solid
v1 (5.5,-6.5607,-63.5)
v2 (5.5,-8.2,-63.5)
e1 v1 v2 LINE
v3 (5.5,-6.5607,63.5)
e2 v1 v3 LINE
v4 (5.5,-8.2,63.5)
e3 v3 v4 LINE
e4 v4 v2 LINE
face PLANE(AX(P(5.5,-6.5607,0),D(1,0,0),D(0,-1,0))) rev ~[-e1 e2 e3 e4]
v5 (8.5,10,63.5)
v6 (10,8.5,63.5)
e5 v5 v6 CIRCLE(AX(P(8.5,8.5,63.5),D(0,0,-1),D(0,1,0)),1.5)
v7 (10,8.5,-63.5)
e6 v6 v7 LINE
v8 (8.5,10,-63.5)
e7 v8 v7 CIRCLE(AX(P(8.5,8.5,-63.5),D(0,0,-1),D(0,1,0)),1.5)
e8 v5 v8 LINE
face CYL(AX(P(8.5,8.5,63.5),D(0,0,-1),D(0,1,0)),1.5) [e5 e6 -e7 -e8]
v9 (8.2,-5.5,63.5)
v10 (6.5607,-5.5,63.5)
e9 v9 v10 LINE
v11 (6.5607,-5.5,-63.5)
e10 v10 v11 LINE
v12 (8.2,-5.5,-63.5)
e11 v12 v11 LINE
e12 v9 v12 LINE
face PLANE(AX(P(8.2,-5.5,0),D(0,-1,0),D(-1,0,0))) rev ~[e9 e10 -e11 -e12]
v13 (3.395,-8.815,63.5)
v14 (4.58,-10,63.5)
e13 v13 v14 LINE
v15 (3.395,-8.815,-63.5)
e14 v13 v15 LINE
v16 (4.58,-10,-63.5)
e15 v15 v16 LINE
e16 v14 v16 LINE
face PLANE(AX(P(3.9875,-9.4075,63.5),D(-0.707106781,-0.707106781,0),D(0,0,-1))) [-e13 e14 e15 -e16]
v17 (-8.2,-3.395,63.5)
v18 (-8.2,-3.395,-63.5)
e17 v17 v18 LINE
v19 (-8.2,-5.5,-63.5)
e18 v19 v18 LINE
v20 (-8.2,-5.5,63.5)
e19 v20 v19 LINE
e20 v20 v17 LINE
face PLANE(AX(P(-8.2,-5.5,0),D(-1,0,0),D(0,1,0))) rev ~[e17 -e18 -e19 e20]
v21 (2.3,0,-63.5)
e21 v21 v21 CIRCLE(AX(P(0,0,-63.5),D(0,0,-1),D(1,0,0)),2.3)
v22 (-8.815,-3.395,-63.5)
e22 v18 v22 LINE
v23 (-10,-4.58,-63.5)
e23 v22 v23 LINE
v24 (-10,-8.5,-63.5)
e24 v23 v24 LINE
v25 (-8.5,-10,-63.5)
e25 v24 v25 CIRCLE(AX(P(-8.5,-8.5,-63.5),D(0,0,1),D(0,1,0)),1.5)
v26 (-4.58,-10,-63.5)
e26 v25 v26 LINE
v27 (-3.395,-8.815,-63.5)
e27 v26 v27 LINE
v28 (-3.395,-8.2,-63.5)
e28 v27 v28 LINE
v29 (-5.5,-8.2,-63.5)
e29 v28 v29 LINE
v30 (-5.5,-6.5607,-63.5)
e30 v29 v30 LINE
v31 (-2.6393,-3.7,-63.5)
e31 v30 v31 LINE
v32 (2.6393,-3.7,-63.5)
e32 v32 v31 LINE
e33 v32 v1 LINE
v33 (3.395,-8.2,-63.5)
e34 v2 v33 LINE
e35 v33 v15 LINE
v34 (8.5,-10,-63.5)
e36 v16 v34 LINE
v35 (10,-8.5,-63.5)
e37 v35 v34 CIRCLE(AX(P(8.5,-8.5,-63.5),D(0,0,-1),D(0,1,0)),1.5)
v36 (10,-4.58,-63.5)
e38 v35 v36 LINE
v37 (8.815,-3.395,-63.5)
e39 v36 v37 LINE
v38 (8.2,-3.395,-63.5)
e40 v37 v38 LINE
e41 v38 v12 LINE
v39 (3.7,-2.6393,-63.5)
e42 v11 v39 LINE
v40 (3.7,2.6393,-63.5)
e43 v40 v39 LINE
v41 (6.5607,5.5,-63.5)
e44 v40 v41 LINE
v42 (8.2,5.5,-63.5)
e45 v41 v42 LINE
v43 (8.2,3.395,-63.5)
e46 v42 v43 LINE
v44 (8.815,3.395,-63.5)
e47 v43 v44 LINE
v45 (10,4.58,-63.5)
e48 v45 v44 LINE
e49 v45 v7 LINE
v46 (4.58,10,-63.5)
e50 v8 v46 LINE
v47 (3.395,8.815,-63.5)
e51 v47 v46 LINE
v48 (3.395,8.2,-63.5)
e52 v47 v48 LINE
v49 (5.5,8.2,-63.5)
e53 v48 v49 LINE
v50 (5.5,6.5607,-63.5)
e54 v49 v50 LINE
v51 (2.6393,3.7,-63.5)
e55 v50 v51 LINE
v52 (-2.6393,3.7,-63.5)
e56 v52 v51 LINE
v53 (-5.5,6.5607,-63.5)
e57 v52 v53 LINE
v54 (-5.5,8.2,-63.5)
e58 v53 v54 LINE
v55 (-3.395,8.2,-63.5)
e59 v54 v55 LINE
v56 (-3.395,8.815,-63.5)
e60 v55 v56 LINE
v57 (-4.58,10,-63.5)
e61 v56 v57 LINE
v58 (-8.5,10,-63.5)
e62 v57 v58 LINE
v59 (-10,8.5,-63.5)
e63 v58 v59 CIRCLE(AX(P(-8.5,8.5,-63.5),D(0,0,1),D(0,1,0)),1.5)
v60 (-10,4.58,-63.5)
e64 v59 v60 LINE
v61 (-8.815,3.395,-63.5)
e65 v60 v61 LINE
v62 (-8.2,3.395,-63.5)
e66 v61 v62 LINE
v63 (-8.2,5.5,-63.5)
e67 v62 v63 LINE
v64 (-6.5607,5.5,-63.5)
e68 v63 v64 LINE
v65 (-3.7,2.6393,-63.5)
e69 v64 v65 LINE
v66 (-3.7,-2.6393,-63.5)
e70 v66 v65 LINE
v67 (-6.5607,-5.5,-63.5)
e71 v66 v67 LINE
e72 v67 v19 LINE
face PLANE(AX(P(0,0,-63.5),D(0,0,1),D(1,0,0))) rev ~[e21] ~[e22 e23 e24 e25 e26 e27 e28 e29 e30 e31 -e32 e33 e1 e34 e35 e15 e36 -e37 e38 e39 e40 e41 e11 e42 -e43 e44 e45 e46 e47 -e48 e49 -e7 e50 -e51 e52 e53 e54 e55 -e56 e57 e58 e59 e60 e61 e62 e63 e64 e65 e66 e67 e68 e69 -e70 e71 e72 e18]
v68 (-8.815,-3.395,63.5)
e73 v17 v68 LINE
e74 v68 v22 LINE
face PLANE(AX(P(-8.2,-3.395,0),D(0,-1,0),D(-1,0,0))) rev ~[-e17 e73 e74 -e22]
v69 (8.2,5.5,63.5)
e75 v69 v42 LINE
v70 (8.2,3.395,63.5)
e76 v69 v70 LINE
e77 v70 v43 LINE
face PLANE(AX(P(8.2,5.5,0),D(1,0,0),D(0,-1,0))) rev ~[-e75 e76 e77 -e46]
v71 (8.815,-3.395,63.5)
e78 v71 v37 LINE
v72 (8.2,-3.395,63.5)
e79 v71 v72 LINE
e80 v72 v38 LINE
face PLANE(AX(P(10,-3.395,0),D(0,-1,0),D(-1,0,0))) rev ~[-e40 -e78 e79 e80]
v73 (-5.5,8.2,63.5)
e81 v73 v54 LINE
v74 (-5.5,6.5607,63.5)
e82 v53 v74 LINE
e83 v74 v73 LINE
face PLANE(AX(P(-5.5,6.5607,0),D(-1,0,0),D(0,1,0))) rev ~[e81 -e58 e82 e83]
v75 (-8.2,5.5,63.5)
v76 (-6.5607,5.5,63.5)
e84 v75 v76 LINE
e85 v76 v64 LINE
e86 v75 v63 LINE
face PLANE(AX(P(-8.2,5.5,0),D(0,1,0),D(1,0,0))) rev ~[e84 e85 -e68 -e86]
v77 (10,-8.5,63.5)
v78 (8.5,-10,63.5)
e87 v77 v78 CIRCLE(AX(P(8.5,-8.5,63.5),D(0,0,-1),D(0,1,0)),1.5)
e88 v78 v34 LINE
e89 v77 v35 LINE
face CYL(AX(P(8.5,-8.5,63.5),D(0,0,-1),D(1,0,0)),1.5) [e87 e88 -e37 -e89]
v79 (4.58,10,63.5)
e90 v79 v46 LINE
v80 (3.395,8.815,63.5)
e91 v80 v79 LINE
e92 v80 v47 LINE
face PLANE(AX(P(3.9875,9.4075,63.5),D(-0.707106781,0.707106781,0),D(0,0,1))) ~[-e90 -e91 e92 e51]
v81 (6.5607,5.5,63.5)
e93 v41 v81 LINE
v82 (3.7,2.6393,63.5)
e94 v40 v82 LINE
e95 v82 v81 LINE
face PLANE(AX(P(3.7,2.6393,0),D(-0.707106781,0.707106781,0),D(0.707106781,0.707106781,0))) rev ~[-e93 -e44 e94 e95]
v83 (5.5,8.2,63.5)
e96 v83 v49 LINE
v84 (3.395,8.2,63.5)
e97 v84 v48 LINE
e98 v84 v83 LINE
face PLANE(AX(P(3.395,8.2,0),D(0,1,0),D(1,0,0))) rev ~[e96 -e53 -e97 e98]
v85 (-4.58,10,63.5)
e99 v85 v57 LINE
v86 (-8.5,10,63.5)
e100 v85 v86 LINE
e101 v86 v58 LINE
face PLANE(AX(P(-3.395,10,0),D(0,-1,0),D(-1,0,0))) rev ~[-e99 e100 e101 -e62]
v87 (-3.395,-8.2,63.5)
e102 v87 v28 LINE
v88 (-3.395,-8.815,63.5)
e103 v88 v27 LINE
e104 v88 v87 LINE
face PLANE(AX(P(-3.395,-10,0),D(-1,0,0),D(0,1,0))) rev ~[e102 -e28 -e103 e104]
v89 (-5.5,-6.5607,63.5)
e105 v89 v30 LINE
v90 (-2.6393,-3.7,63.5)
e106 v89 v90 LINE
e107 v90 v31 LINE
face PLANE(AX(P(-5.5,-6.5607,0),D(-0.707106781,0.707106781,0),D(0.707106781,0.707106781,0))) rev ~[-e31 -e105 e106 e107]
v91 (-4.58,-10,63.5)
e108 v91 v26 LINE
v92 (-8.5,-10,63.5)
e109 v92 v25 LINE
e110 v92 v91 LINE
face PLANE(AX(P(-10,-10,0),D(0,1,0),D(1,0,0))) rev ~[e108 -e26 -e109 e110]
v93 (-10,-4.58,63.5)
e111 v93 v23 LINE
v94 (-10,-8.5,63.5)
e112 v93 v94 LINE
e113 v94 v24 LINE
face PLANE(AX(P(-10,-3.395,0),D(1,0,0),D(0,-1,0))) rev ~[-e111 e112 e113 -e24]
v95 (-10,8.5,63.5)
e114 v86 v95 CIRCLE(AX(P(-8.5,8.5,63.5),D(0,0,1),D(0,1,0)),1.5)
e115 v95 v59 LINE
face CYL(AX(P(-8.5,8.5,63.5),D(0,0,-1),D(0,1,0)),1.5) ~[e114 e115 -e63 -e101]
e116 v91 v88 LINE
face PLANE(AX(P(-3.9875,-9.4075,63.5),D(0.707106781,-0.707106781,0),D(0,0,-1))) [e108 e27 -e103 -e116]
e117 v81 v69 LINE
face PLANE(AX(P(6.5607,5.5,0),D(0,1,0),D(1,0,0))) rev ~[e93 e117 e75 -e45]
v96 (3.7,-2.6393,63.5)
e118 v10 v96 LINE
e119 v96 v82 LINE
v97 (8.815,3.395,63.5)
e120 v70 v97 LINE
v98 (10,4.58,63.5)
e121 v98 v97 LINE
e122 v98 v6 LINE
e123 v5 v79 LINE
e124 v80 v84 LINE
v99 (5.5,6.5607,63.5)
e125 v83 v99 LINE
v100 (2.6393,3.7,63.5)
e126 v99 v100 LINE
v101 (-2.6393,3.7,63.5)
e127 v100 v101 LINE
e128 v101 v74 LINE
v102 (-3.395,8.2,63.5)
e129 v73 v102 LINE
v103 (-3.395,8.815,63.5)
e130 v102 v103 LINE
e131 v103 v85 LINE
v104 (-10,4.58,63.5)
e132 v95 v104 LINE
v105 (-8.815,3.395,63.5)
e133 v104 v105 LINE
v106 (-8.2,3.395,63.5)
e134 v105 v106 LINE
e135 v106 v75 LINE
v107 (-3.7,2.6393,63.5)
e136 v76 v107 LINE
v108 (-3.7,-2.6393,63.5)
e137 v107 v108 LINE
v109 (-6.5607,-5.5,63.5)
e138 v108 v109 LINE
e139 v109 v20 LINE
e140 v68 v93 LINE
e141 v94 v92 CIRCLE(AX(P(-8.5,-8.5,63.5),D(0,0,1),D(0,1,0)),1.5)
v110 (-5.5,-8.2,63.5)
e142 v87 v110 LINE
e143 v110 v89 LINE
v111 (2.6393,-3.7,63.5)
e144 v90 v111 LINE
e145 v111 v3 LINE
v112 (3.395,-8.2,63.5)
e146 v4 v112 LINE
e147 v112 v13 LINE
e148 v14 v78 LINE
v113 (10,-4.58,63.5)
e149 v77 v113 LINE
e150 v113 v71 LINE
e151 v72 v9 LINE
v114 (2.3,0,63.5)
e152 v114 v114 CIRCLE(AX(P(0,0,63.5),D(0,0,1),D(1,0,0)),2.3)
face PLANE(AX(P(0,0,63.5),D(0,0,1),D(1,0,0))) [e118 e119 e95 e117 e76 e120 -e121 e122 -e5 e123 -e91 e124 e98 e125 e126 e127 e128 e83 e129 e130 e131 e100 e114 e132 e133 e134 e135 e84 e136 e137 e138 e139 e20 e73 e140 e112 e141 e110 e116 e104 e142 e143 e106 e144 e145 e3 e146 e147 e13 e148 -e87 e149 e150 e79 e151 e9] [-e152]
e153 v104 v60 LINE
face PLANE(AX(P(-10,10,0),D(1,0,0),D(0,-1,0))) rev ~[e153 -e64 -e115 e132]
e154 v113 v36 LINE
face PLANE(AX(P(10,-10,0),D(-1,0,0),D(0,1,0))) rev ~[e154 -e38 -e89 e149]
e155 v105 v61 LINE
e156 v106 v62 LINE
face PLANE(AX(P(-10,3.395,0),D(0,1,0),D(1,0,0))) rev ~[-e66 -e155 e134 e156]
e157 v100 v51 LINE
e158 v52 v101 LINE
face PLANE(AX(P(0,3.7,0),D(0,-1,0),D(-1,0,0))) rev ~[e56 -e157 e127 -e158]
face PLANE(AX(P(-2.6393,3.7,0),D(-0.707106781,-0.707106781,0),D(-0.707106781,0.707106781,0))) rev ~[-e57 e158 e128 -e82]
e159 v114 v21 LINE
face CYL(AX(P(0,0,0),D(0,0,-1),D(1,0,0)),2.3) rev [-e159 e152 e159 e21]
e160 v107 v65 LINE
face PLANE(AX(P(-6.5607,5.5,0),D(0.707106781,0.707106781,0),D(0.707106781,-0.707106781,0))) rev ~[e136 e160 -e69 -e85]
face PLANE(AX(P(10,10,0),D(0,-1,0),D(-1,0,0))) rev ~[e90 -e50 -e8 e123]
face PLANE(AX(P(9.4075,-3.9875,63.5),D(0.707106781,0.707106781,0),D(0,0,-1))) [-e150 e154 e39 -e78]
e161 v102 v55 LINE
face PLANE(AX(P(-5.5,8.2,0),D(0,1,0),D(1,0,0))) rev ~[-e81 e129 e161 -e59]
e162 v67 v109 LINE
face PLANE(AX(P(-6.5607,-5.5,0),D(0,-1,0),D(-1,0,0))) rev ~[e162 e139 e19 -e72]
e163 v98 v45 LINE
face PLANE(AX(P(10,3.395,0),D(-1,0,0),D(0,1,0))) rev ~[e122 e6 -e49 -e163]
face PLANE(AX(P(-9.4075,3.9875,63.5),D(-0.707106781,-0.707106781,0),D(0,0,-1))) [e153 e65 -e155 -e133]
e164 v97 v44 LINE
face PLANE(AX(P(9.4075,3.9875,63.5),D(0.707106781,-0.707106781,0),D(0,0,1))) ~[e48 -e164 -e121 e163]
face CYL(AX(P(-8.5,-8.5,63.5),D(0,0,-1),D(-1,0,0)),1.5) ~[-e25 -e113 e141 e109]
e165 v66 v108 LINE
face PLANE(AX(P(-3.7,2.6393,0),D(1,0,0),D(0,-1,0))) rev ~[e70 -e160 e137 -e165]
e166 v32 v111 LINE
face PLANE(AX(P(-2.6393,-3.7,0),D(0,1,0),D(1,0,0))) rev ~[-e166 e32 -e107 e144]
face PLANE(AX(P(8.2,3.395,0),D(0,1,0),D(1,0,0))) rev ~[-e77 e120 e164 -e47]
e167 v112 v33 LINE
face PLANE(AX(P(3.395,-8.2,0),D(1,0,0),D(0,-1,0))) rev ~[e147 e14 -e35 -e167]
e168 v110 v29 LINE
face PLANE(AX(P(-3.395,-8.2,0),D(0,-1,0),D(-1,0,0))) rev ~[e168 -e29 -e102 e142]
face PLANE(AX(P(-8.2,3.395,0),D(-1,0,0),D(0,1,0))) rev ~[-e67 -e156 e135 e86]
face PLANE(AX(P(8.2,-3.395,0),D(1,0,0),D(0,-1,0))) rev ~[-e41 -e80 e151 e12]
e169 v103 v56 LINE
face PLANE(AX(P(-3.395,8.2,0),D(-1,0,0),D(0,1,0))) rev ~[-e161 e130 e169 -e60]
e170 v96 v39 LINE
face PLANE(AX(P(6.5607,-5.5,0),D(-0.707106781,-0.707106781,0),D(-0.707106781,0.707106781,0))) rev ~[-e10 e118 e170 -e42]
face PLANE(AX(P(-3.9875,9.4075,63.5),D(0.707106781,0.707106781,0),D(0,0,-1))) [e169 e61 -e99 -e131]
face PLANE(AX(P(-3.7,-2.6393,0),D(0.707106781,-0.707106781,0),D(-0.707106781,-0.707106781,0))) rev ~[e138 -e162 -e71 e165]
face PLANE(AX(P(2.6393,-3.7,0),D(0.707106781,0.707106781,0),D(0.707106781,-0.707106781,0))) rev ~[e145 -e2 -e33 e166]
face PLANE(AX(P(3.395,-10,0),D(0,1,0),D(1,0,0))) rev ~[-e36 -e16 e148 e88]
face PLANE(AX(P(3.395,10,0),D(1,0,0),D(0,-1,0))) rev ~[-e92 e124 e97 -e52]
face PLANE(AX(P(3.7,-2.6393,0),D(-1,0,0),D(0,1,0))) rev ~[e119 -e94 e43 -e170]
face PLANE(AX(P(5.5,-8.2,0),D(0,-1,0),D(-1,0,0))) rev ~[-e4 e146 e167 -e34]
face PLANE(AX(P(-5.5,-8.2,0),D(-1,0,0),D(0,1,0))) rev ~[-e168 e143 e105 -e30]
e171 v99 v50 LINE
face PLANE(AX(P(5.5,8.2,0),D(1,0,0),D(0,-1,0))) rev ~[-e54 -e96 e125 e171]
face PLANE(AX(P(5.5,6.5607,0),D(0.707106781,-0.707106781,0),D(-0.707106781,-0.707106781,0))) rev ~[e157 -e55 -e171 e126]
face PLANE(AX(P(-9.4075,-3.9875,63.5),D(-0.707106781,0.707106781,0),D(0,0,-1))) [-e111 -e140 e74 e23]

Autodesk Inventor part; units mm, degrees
ref_plane "YZ Plane" through (0, 0, 0) normal (1, 0, 0) x (0, 1, 0)
ref_plane "XZ Plane" through (0, 0, 0) normal (0, 1, 0) x (-1, 0, 0)
ref_plane "XY Plane" through (0, 0, 0) normal (0, 0, 1) x (1, 0, 0)
sketch "Sketch1" plane through (0, 0, 0) normal (0, 0, 1) x (1, 0, 0)
  line L0 (0, 3.7) -> (-2.6393, 3.7)
  line L1 (-2.6393, 3.7) -> (-5.5, 6.5607)
  line L2 (-5.5, 6.5607) -> (-5.5, 8.2)
  line L3 (-5.5, 8.2) -> (-3.395, 8.2)
  line L4 (-3.395, 8.2) -> (-3.395, 10)
  line L5 (-3.395, 10) -> (-10, 10)
  line L6 (-10, 10) -> (-10, 3.395)
  line L7 (-10, 3.395) -> (-8.2, 3.395)
  line L8 (-8.2, 3.395) -> (-8.2, 5.5)
  line L9 (-8.2, 5.5) -> (-6.5607, 5.5)
  line L10 (-6.5607, 5.5) -> (-3.7, 2.6393)
  line L11 (-3.7, 2.6393) -> (-3.7, 0)
  line L12 (0, 0) -> (-10, 10) construction
  circle A0 centre (0, 0) radius 2.3
  line L13 (-22.6601, 0) -> (65.9605, 0) projected
  line L14 (-3.7, 0) -> (0, 0)
  line L15 (0, 0) -> (0, 3.7)
  line L16 (11.2521, 18.9743) -> (53.3004, 18.9743) construction
  line L17 (53.3004, 18.9743) -> (53.3004, -5.624) construction
  line L18 (53.3004, -5.624) -> (11.2521, -5.624) construction
  line L19 (11.2521, -5.624) -> (11.2521, 18.9743) construction
  point P0 (-2.3, 0)
  point P1 (0, 2.3)
  dimension "d0" = 1.5
  dimension "d6" = 6.3
  dimension "d9" = 4.6
  dimension "d18" = 135
  dimension "d22" = 20
  dimension "d34" = 11
  dimension "d35" = 6.79
  dimension "d36" = 1.8
extrude "Extrusion1" add sketch "Sketch1" along normal mid plane 127 contours L15 A0 L13 L11 L10 L9 L8 L7 L6 L5 L4 L3 L2 L1 L0
pattern_circular "Circular Pattern1" count 4 over 360 about axis through (0, 0, -10) along (0, 0, 1) of "Extrusion1"
chamfer "Chamfer1" distance 1.185 angle 45 8 edges at (-3.395, 10, 0) (3.395, 10, 0) (10, 3.395, 0) (10, -3.395, 0) (3.395, -10, 0) (-3.395, -10, 0) (-10, -3.395, 0) (-10, 3.395, 0)
fillet "Fillet1" radius 1.5 4 edges at (-10, 10, 0) (10, 10, 0) (-10, -10, 0) (10, -10, 0)
equation "\"d24\" = Zaxis"
equation "\"GridProcutClearance\" = 3"
equation "\"GridBorderThickness\" = 5"
equation "\"GridBorderFillets\" = 7"
equation "\"GridTotalSize\" = 63"
equation "\"BaseTotalWidth\" = 412"
equation "\"BaseTotalLength\" = 624"
equation "\"DistanceBetweenGrid\" = 5"
equation "\"WorkspaceLength\" = 395"
equation "\"WorkspaceWidth\" = 332"
equation "\"AxesBaseFillet\" = 15"
equation "\"Zaxis\" = 127"
properties part number "2020aluminum_extrusion_black" material "Aluminum 6061"
